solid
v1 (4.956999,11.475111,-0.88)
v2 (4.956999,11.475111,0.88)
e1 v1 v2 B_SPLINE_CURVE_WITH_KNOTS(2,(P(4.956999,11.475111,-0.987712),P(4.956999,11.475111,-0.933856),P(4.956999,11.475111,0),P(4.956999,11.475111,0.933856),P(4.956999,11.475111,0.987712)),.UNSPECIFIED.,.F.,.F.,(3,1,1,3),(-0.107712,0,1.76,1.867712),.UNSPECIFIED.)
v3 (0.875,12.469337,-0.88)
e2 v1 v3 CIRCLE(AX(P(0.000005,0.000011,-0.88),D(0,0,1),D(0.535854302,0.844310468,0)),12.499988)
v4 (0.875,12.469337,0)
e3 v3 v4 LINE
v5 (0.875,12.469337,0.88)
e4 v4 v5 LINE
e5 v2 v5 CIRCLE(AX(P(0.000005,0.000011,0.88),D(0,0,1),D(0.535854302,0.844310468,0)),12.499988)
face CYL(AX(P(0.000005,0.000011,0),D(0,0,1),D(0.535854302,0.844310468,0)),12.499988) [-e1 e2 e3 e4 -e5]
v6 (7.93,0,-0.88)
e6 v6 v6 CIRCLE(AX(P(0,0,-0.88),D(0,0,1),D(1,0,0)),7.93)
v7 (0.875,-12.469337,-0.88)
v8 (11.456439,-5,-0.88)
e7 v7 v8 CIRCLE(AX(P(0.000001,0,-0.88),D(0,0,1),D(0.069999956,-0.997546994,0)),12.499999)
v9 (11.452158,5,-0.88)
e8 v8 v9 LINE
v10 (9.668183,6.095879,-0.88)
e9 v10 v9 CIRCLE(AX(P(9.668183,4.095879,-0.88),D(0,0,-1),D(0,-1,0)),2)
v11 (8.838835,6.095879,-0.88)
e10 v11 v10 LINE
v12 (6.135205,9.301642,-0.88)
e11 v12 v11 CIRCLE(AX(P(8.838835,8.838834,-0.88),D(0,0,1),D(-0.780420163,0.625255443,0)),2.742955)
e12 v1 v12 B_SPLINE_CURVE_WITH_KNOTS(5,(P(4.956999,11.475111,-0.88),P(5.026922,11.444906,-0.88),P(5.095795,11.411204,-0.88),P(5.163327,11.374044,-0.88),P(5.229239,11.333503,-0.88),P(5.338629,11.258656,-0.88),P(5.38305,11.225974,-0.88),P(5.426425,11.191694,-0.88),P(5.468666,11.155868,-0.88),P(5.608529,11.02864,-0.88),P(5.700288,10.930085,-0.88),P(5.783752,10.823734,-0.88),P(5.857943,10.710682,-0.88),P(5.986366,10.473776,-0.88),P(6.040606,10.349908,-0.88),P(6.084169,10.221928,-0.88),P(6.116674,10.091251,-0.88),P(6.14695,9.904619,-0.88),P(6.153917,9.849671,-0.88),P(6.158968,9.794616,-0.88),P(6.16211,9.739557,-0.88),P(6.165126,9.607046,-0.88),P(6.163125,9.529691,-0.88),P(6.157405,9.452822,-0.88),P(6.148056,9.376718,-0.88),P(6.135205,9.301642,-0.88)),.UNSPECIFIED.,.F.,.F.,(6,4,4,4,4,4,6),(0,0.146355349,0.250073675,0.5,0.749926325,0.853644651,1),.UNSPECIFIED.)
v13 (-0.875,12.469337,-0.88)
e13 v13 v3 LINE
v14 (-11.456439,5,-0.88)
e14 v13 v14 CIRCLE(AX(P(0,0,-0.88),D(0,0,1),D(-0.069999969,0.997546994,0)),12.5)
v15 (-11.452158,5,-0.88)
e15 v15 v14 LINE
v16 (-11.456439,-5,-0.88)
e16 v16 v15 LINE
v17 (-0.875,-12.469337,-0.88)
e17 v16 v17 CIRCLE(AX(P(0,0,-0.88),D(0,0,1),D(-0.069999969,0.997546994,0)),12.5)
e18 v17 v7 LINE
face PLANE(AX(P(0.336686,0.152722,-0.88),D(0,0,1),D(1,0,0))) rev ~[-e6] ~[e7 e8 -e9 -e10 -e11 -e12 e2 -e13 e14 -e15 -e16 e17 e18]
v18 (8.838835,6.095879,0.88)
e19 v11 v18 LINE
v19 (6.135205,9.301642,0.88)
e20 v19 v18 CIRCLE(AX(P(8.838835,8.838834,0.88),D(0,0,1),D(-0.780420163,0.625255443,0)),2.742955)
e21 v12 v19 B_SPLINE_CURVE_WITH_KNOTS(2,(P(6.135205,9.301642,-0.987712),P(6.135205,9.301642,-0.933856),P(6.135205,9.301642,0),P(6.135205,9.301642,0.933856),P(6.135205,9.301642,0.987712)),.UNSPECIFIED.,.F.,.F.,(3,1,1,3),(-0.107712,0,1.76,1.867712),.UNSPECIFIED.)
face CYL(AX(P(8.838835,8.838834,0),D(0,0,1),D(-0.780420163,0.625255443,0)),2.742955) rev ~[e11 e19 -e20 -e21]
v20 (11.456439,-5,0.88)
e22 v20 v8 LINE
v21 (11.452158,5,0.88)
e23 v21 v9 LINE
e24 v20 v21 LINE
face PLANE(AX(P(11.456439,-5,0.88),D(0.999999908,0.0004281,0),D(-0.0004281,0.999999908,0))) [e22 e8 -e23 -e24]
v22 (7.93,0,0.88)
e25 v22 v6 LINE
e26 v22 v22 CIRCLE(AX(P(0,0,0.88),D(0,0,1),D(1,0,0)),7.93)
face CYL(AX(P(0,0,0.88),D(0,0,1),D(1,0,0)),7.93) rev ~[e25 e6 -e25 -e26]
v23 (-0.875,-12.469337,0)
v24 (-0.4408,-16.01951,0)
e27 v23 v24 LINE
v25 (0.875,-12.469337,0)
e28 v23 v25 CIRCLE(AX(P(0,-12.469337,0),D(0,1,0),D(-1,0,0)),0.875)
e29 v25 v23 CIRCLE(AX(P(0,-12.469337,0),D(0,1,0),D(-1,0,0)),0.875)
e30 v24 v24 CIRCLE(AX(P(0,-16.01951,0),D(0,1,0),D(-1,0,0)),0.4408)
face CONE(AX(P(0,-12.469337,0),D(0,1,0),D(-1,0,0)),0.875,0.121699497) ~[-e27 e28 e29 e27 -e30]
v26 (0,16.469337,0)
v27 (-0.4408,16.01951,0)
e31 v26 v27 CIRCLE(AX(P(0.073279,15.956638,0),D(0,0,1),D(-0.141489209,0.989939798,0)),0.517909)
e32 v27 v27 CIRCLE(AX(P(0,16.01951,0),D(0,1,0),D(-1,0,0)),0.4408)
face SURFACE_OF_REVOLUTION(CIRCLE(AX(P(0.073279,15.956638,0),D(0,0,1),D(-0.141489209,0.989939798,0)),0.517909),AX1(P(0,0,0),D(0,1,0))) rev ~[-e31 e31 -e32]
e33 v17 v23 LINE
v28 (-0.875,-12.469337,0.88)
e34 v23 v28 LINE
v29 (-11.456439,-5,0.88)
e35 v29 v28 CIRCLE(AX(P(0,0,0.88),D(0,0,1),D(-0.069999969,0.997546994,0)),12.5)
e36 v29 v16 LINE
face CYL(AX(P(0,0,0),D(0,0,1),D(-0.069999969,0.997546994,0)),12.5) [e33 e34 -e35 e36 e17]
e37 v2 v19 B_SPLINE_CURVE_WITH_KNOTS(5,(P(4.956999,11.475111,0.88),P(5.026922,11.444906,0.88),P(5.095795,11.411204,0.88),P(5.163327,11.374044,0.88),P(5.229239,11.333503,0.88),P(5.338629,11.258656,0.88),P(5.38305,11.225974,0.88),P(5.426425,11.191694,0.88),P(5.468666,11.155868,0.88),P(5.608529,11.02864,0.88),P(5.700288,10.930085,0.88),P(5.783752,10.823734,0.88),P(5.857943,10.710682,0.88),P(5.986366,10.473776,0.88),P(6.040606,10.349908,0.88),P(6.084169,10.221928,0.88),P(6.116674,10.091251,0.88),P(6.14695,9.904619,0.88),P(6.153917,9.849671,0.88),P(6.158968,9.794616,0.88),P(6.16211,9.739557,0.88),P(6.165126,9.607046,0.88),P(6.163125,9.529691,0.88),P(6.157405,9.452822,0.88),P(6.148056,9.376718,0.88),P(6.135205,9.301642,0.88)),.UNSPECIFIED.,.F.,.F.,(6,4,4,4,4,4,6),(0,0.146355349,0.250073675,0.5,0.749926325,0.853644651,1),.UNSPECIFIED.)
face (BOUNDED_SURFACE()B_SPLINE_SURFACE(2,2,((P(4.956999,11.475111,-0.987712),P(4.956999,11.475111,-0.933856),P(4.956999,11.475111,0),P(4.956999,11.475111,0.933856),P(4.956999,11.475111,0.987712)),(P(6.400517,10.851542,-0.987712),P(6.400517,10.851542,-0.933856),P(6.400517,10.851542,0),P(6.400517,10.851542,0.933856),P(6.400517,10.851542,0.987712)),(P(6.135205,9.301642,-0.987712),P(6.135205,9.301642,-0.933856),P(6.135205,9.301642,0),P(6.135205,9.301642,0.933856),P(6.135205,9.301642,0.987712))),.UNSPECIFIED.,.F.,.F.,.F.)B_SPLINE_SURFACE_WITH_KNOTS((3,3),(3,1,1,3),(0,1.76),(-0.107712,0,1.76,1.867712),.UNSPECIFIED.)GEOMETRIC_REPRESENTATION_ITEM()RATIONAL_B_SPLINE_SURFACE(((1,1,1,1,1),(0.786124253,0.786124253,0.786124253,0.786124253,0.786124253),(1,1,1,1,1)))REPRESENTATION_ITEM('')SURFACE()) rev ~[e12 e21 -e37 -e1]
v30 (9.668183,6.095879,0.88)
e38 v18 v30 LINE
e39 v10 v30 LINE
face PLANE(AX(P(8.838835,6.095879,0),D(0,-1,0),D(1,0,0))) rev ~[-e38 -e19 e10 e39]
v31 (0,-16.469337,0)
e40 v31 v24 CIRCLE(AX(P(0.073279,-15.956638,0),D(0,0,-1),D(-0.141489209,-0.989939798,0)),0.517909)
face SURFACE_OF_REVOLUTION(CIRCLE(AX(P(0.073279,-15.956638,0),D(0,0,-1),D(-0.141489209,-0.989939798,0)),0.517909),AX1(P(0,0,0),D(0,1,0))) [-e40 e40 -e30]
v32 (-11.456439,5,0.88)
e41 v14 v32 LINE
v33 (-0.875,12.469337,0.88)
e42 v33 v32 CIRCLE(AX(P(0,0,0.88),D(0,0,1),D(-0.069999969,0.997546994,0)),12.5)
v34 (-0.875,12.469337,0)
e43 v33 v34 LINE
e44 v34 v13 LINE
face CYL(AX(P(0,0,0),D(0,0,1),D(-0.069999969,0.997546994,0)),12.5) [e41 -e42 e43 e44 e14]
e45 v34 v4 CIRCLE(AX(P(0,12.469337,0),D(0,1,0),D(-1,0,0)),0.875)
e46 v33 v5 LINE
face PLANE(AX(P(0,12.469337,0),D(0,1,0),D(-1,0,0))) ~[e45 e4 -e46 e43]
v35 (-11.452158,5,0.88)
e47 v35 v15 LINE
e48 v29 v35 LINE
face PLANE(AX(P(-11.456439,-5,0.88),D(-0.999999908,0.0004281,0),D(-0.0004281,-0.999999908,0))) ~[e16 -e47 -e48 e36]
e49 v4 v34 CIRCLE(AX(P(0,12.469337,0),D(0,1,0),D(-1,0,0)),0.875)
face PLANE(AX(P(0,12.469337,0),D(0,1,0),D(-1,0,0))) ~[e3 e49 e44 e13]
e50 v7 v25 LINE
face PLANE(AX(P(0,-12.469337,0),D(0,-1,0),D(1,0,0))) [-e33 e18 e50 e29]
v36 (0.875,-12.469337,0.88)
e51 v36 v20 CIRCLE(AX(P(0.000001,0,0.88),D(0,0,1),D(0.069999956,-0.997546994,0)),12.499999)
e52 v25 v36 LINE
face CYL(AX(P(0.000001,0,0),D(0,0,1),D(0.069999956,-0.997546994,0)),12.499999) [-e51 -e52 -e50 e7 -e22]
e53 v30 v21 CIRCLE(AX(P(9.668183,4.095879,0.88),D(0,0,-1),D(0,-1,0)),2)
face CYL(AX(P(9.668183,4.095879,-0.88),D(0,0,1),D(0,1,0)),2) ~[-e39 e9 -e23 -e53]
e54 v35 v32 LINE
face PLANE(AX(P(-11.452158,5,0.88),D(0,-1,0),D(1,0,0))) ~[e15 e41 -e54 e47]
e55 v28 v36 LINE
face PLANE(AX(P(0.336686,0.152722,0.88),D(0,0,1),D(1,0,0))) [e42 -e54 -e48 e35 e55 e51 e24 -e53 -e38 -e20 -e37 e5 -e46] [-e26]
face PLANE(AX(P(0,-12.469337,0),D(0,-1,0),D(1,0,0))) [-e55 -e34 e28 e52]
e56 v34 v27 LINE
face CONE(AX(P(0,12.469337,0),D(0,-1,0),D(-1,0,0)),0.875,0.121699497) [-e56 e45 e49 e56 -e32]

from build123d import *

# Parameters (mm, degrees)
PAD_DEPTH       = 0.88
PAD_DEPTH_BACK  = 0.88
FILLET_R        = 2
SKETCH002_R     = 7.93
POCKET_DEPTH    = 5
POCKET001_DEPTH = 5


with BuildPart() as part:
    # Sketch → Pad (new body, two sides)
    with BuildSketch(Plane.XY) as pad_sk:
        with BuildLine():
            ThreePointArc((-0.875, 12.469337), (-12.5, 0), (-0.875, -12.469337))
            Line((-0.875, -12.469337), (-0.875, -16.469337))
            Line((-0.875, -16.469337), (0.875, -16.469337))
            Line((0.875, -12.469337), (0.875, -16.469337))
            ThreePointArc((0.875, -12.469337), (10.995688, -5.945153), (10.912848, 6.095879))
            Line((8.838835, 6.095879), (10.912848, 6.095879))
            ThreePointArc((6.698177, 10.553882), (6.366174, 7.651504), (8.838835, 6.095879))
            ThreePointArc((6.698177, 10.553882), (3.905828, 11.874111), (0.875, 12.469337))
            Line((0.875, 12.469337), (0.875, 16.469337))
            Line((-0.875, 16.469337), (0.875, 16.469337))
            Line((-0.875, 12.469337), (-0.875, 16.469337))
        make_face()
    extrude(amount=PAD_DEPTH)
    extrude(pad_sk.sketch, amount=-PAD_DEPTH_BACK)

    # Fillet
    fillet_edges = [part.edges().sort_by_distance(p)[0] for p in [
        (6.698177, 10.553882, 0),
        (10.912848, 6.095879, 0),
    ]]
    fillet(fillet_edges, radius=FILLET_R)

    # Sketch001 → Groove (revolve, cut)
    with BuildSketch(Plane.XY):
        with BuildLine():
            Line((-0.875, 12.469337), (-1.427669, 12.469337))
            Line((-1.427669, 12.469337), (-1.427669, 16.923711))
            Line((-1.427669, 16.923711), (0, 16.923711))
            Line((0, 16.923711), (0, 16.469337))
            ThreePointArc((0, 16.469337), (-0.296631, 16.319125), (-0.4408, 16.01951))
            Line((-0.875, 12.469337), (-0.4408, 16.01951))
        make_face()
    groove = revolve(axis=Axis((0, 0, 0), (0, 1, 0)), mode=Mode.SUBTRACT)

    # Mirrored: Groove across XZ
    add(groove.mirror(Plane.XZ), mode=Mode.SUBTRACT)

    # Sketch002 (on Face6 of Mirrored) → Pocket (cut)
    with BuildSketch(Plane.XY.offset(0.88)):
        Circle(SKETCH002_R)
    extrude(amount=-POCKET_DEPTH, mode=Mode.SUBTRACT)

    # Sketch003 (on Face6 of Pocket) → Pocket001 (cut)
    with BuildSketch(Plane.XY.offset(0.88)):
        Polygon((12.882158, 5), (12.882158, -5), (11.456439, -5), (11.452158, 5), align=None)
    pocket001 = extrude(amount=-POCKET001_DEPTH, mode=Mode.SUBTRACT)

    # Mirrored001: Pocket001 across Sketch003 V_Axis
    add(pocket001.mirror(Plane(origin=(0, 0, 0.88), x_dir=(0, 0, 1), z_dir=(1, 0, 0))), mode=Mode.SUBTRACT)


solid = part.part
